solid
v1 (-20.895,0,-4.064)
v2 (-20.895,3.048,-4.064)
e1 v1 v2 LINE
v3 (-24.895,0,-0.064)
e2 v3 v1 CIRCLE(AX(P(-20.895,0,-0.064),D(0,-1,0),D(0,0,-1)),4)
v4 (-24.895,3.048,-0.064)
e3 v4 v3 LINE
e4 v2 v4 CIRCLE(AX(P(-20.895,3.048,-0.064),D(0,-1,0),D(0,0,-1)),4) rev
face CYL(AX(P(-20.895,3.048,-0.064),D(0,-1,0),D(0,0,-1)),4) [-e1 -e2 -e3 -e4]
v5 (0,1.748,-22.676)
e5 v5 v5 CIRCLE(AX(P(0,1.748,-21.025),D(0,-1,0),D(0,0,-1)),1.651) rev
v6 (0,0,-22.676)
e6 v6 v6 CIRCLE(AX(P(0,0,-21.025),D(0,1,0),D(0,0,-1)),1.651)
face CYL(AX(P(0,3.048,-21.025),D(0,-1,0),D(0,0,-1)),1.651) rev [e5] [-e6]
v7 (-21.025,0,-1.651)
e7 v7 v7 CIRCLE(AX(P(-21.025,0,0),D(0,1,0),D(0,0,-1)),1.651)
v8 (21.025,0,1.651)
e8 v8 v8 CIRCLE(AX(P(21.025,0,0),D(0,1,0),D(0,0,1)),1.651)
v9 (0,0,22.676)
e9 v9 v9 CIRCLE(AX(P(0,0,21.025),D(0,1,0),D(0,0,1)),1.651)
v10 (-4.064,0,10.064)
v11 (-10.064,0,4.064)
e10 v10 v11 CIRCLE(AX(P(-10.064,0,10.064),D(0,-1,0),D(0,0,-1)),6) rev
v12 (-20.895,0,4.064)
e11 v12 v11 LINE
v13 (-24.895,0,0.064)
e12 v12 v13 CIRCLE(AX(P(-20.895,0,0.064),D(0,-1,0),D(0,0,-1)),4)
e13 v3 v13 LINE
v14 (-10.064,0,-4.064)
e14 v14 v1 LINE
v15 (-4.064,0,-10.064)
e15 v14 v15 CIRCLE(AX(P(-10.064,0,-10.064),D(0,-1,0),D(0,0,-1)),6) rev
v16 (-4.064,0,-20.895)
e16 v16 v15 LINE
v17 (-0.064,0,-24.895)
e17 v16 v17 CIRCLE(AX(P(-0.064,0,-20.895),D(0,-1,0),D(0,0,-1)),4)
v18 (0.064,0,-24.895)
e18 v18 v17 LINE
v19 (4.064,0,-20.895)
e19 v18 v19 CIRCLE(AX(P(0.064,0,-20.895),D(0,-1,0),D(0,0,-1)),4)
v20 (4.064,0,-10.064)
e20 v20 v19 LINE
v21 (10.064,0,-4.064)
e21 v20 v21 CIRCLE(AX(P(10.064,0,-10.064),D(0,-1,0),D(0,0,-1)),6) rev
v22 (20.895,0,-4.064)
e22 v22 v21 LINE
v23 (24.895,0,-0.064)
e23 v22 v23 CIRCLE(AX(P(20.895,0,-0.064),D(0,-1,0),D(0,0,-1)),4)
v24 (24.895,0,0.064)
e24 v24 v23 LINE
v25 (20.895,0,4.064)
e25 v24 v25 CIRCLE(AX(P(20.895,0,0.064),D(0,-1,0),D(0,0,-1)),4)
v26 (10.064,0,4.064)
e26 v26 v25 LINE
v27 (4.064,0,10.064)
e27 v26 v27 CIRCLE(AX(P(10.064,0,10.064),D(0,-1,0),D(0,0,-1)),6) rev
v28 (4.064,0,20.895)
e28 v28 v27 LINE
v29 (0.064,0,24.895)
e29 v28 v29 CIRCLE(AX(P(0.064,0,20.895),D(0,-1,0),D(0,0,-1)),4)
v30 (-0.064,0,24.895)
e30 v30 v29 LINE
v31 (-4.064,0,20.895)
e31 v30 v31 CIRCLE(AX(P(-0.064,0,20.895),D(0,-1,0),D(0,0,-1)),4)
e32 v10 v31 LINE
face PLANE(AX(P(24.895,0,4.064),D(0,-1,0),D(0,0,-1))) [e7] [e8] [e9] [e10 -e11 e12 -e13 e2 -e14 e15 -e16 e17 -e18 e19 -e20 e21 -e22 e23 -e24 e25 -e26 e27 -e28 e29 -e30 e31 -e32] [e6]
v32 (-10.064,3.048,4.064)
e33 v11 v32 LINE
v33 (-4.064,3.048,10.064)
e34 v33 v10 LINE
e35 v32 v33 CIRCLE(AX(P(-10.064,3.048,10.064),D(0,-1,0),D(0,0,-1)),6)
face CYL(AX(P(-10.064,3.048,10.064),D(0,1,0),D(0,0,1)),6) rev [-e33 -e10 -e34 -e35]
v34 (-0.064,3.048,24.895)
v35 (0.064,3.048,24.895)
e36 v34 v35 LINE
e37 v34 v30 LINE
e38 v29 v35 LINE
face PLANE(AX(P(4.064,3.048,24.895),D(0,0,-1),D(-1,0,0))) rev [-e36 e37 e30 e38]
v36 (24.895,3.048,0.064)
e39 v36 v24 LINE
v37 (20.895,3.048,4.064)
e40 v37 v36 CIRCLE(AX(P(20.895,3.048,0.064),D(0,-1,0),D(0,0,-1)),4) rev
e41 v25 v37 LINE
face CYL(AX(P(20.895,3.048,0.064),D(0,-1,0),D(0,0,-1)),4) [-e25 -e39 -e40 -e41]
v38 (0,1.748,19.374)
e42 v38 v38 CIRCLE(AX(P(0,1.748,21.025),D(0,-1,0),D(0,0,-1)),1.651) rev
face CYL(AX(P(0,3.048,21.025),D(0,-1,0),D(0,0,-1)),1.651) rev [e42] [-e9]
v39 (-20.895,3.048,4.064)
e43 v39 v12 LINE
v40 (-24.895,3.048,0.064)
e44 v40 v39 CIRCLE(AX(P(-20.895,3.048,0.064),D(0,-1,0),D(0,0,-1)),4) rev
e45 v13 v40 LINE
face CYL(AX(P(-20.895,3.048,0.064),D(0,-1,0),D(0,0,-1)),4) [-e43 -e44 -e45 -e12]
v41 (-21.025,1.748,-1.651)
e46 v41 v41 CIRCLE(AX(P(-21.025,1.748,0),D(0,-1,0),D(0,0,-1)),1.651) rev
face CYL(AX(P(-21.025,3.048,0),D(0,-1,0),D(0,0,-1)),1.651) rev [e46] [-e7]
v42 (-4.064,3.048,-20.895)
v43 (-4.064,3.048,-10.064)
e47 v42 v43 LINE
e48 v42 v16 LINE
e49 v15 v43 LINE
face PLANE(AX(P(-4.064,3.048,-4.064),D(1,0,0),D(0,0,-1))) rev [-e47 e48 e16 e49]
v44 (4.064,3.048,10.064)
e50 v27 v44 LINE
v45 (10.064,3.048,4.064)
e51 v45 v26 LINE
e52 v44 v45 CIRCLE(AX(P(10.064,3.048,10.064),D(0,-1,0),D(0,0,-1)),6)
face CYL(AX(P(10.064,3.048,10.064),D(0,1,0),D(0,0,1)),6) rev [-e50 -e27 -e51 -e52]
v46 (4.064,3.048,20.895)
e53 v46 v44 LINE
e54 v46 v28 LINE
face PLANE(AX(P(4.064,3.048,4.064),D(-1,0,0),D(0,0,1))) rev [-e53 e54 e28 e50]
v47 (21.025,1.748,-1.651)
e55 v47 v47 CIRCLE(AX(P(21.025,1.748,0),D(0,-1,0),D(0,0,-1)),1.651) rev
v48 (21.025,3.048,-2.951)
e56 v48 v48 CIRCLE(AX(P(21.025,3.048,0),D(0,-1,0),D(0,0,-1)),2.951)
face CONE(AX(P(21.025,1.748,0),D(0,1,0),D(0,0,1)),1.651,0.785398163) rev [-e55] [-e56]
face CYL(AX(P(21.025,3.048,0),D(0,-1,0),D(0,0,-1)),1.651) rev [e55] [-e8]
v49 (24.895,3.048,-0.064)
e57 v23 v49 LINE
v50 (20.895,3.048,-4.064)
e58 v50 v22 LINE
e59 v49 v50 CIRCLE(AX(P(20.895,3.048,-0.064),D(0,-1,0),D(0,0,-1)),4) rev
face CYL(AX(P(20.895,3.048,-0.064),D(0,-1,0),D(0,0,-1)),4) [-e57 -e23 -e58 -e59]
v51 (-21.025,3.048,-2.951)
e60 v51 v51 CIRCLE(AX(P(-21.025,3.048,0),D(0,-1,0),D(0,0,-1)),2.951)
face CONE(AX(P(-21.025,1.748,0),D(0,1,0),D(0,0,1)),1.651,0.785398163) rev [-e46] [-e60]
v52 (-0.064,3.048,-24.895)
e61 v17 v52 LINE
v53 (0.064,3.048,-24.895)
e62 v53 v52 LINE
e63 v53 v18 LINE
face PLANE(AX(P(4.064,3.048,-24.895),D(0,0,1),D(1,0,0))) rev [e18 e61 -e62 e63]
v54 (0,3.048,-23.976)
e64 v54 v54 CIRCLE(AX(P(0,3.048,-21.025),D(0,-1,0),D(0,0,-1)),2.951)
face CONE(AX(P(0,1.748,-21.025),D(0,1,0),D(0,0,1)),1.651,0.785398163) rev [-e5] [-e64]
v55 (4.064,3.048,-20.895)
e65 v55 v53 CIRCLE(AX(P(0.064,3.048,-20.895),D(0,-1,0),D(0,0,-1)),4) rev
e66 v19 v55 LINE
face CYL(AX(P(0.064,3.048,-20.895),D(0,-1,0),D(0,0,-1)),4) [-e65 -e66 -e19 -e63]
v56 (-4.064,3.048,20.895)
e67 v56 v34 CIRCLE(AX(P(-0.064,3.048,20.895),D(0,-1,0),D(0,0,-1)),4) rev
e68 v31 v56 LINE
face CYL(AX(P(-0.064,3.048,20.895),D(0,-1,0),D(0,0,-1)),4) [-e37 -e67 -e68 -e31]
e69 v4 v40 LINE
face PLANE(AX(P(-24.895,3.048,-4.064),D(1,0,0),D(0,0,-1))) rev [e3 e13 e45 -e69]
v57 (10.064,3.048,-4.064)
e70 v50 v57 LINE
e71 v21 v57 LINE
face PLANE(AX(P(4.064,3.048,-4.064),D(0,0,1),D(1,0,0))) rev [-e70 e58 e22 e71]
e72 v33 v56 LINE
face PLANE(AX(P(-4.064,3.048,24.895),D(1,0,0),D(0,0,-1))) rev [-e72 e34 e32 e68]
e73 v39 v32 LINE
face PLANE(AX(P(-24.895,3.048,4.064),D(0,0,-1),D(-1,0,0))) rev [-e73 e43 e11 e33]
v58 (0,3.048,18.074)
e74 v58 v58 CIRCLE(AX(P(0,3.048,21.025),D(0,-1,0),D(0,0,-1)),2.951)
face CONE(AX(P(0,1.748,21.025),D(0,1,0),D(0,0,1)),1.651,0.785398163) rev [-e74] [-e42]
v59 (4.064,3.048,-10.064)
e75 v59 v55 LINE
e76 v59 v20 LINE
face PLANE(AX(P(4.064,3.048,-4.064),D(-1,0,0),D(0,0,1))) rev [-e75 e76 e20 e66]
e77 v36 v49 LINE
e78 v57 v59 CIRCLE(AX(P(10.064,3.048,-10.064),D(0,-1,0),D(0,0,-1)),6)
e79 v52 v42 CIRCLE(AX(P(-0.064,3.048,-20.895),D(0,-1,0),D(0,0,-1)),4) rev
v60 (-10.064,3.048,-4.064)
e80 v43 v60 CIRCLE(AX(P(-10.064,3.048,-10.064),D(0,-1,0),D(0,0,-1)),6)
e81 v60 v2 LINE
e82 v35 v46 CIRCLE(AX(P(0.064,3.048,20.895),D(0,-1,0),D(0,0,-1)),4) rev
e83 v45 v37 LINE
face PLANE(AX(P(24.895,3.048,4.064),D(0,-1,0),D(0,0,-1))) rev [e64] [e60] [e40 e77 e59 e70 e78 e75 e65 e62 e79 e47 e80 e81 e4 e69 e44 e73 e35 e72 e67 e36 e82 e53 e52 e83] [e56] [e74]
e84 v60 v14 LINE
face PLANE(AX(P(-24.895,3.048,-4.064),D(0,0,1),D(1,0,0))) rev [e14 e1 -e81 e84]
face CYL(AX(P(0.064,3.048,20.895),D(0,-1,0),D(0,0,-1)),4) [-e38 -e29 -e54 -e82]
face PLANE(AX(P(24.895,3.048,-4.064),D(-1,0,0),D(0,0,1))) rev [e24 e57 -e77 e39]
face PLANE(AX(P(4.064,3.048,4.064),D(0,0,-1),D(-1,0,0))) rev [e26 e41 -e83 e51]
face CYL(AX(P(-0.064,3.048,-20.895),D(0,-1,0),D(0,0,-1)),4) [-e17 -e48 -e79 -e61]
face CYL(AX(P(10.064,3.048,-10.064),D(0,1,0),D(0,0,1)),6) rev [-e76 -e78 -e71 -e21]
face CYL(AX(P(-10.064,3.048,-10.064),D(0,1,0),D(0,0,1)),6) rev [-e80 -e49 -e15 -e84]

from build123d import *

# Parameters (mm, degrees)
SKETCH1_R           = 1.651
BOSS_EXTRUDE1_DEPTH = 3.048
FILLET3_R           = 4
CHAMFER1_SIZE       = 1.3
FILLET4_R           = 6


with BuildPart() as part:
    # Sketch1 → Boss-Extrude1 (new body)
    with BuildSketch(Plane(origin=(0, 0, 0), x_dir=(1, 0, 0), z_dir=(0, 1, 0))):
        Polygon((-24.895, 4.064), (-4.064, 4.064), (-4.064, 24.895), (4.064, 24.895), (4.064, 4.064), (24.895, 4.064), (24.895, -4.064), (4.064, -4.064), (4.064, -24.895), (-4.064, -24.895), (-4.064, -4.064), (-24.895, -4.064), align=None)
        with Locations((21.025, 0)):
            Circle(SKETCH1_R, mode=Mode.SUBTRACT)
        with Locations((0, 21.025)):
            Circle(SKETCH1_R, mode=Mode.SUBTRACT)
        with Locations((-21.025, 0)):
            Circle(SKETCH1_R, mode=Mode.SUBTRACT)
        with Locations((0, -21.025)):
            Circle(SKETCH1_R, mode=Mode.SUBTRACT)
    extrude(amount=BOSS_EXTRUDE1_DEPTH)

    # Fillet3
    fillet3_edges = [part.edges().sort_by_distance(p)[0] for p in [
        (4.064, 1.524, 24.895),
        (-4.064, 1.524, 24.895),
        (-24.895, 1.524, 4.064),
        (-24.895, 1.524, -4.064),
        (-4.064, 1.524, -24.895),
        (4.064, 1.524, -24.895),
        (24.895, 1.524, -4.064),
        (24.895, 1.524, 4.064),
    ]]
    fillet(fillet3_edges, radius=FILLET3_R)

    # Chamfer1
    chamfer1_edges = [part.edges().sort_by_distance(p)[0] for p in [
        (19.374, 3.048, 0),
        (-1.651, 3.048, -21.025),
        (-22.676, 3.048, 0),
        (-1.651, 3.048, 21.025),
    ]]
    chamfer(chamfer1_edges, length=CHAMFER1_SIZE)

    # Fillet4
    fillet4_edges = [part.edges().sort_by_distance(p)[0] for p in [
        (4.064, 1.524, 4.064),
        (-4.064, 1.524, 4.064),
        (-4.064, 1.524, -4.064),
        (4.064, 1.524, -4.064),
    ]]
    fillet(fillet4_edges, radius=FILLET4_R)


solid = part.part
